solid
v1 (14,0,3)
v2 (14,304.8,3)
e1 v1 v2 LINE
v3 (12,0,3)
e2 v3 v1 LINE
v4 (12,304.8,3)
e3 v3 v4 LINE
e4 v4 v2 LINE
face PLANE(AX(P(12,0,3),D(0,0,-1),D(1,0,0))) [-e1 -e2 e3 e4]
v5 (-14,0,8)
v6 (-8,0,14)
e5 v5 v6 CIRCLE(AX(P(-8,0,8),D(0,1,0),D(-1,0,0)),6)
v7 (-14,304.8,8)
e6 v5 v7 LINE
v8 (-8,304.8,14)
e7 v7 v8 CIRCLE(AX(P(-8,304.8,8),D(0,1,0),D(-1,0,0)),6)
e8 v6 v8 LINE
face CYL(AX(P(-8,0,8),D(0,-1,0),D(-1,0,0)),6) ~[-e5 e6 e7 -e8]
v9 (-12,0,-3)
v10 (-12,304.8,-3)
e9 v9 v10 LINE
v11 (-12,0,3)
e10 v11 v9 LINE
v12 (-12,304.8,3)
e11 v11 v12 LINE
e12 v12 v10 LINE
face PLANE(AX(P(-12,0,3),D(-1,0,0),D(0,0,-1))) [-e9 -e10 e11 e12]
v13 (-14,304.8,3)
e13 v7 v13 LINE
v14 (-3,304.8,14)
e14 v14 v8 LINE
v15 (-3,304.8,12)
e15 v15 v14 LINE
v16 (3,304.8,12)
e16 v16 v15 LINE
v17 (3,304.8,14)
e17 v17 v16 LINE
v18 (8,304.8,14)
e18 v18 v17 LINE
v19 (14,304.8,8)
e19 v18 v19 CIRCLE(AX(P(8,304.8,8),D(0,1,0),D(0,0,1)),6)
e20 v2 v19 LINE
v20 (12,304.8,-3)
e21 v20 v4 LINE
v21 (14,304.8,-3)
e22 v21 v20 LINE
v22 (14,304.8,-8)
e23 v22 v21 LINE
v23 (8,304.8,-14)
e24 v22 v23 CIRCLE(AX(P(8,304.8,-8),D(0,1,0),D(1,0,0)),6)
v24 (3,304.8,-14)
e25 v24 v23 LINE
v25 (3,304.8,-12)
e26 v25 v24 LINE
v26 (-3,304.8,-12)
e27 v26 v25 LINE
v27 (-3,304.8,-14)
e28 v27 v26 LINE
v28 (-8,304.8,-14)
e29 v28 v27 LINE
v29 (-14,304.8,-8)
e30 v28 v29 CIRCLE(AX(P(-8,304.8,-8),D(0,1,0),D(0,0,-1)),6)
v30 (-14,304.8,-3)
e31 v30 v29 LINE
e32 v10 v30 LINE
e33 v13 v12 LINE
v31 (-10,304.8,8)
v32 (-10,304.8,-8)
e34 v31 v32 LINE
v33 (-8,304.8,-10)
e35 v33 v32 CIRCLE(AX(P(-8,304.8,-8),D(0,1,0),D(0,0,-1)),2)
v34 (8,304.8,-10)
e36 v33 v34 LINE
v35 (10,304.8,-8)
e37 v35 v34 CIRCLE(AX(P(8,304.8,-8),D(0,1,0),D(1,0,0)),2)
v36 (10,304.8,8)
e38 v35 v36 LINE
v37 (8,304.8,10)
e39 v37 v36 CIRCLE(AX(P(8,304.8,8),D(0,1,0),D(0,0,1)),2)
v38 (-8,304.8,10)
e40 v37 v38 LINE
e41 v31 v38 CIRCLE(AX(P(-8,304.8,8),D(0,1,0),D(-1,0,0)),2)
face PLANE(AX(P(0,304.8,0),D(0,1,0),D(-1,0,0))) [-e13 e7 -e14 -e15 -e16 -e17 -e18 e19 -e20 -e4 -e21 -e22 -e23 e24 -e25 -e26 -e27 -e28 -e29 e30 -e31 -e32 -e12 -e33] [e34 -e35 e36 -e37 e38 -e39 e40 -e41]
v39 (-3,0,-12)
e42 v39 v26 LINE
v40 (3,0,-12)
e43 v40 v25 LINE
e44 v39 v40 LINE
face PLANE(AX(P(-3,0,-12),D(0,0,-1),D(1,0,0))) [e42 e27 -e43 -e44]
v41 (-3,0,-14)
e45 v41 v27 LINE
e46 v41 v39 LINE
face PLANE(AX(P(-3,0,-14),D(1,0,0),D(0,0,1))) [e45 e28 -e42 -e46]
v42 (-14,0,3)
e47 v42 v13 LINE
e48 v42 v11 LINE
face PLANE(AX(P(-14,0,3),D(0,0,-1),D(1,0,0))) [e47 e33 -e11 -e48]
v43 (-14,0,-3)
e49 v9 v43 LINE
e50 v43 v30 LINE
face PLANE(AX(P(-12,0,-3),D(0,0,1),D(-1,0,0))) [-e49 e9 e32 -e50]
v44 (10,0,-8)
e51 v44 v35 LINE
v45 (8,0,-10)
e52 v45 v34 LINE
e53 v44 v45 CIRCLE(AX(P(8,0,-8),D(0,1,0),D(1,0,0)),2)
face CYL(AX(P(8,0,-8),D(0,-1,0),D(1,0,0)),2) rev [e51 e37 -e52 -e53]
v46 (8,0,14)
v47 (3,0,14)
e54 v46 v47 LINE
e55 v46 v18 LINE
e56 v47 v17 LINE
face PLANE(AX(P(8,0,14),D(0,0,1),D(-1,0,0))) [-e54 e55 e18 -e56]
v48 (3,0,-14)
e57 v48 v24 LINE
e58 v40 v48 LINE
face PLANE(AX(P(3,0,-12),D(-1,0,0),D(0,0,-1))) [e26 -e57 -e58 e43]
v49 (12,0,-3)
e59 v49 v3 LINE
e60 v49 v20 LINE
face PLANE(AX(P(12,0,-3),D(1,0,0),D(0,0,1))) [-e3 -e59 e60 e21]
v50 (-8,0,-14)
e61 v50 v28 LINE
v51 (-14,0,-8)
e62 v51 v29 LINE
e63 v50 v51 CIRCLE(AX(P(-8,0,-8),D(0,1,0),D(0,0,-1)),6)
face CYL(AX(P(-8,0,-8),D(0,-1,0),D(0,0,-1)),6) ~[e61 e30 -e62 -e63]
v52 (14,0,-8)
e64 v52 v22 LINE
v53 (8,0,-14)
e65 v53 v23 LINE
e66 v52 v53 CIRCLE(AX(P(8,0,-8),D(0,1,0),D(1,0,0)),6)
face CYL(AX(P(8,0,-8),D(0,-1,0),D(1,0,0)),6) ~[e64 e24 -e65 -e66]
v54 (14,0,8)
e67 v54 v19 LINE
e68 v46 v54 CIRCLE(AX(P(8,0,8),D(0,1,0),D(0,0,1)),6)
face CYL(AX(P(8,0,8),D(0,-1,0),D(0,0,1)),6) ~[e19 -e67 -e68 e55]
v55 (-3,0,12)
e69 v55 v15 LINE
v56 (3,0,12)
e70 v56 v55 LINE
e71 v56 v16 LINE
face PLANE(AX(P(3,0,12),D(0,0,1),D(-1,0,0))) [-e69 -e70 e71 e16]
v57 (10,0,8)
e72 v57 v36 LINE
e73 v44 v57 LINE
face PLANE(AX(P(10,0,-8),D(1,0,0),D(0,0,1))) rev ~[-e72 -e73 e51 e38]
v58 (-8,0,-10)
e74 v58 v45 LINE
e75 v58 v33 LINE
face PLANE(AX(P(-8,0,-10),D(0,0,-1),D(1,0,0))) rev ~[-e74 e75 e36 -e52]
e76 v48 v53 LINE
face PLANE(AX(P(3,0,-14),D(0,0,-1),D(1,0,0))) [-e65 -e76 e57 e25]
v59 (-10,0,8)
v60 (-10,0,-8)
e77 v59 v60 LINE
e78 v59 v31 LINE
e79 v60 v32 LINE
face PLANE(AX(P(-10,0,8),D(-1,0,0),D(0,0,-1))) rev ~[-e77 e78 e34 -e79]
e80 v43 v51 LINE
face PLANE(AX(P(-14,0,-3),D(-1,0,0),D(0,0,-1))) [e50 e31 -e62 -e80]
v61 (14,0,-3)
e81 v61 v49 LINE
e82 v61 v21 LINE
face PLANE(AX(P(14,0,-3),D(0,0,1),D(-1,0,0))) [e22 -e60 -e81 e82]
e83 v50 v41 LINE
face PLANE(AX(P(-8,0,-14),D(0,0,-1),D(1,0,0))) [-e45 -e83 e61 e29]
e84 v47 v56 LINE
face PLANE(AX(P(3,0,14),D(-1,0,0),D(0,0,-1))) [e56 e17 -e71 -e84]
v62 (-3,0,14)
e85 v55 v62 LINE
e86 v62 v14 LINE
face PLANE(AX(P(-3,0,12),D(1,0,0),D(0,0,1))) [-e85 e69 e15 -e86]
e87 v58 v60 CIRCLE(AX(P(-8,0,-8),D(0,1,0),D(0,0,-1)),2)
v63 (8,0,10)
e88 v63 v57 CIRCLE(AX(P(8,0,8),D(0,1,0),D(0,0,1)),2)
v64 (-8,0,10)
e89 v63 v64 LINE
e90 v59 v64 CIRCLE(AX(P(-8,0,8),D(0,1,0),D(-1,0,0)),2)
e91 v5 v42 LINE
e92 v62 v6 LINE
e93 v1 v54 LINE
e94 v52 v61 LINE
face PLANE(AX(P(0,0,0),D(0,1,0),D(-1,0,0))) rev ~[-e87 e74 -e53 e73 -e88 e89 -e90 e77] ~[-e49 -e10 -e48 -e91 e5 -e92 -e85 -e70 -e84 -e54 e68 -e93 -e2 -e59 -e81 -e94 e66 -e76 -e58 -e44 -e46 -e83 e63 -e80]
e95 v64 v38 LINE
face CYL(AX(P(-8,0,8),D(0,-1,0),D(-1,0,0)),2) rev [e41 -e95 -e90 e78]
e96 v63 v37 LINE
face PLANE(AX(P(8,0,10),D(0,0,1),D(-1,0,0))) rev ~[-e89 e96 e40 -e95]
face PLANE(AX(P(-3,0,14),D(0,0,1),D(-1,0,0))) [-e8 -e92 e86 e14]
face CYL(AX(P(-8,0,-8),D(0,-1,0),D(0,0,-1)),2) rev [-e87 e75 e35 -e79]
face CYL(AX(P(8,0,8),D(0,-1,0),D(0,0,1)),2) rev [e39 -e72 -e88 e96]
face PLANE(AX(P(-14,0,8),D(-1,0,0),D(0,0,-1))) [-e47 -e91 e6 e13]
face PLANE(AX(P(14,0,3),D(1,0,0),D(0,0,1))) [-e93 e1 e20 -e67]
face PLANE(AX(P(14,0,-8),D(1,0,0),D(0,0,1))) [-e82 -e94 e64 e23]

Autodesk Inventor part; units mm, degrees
ref_plane "YZ Plane" through (0, 0, 0) normal (1, 0, 0) x (0, 1, 0)
ref_plane "Start Plane" through (0, 0, 0) normal (0, 1, 0) x (-1, 0, 0)
ref_plane "End Plane" through (0, 304.8, 0) normal (0, 1, 0) x (-1, 0, 0)
sketch "Sketch" plane through (0, 0, 0) normal (0, 1, 0) x (-1, 0, 0)
  line L0 (8, -10) -> (-8, -10)
  line L1 (-10, -8) -> (-10, 8)
  line L2 (-8, 10) -> (8, 10)
  line L3 (10, 8) -> (10, -8)
  line L4 (10, -10) -> (-10, 10) construction
  line L5 (-10, -10) -> (10, 10) construction
  line L6 (14, -14) -> (-14, 14) construction
  line L7 (-14, -14) -> (14, 14) construction
  arc A0 (8, -10) -> (10, -8) centre (8, -8) ccw
  arc A1 (-10, -8) -> (-8, -10) centre (-8, -8) ccw
  arc A2 (-8, 10) -> (-10, 8) centre (-8, 8) ccw
  arc A3 (10, 8) -> (8, 10) centre (8, 8) ccw
  arc A4 (8, -14) -> (14, -8) centre (8, -8) ccw
  arc A5 (-14, -8) -> (-8, -14) centre (-8, -8) ccw
  arc A6 (-8, 14) -> (-14, 8) centre (-8, 8) ccw
  arc A7 (14, 8) -> (8, 14) centre (8, 8) ccw
  line L8 (3, -14) -> (3, -12)
  line L9 (3, -12) -> (-3, -12)
  line L10 (-3, -12) -> (-3, -14)
  line L11 (-14, -3) -> (-12, -3)
  line L12 (-12, -3) -> (-12, 3)
  line L13 (-12, 3) -> (-14, 3)
  line L14 (-3, 14) -> (-3, 12)
  line L15 (-3, 12) -> (3, 12)
  line L16 (3, 12) -> (3, 14)
  line L17 (14, 3) -> (12, 3)
  line L18 (12, 3) -> (12, -3)
  line L19 (12, -3) -> (14, -3)
  line L20 (0, -10) -> (0, -12) construction
  line L21 (-10, 0) -> (-12, 0) construction
  line L22 (0, 10) -> (0, 12) construction
  line L23 (10, 0) -> (12, 0) construction
  line L24 (14, 8) -> (14, 3)
  line L25 (14, -3) -> (14, -8)
  line L26 (8, -14) -> (3, -14)
  line L27 (-3, -14) -> (-8, -14)
  line L28 (-14, -8) -> (-14, -3)
  line L29 (-14, 3) -> (-14, 8)
  line L30 (-8, 14) -> (-3, 14)
  line L31 (3, 14) -> (8, 14)
  point P0 (0, 0)
  dimension "d1" = 20
  dimension "d2" = 2
  dimension "d3" = 6
  dimension "d4" = 20
  dimension "d5" = 6
  dimension "d6" = 2
  dimension "d8" = 28
extrude "Body" add sketch "Sketch" along normal up to surface (304.8 mm away) from surface at 0
sketch "Sketch2" plane through (0, 0, 0) normal (0, 1, 0) x (-1, 0, 0)
  line L0 (0, 0) -> (10, 0)
ref_plane "Work Plane3" through (0, 0, 0) normal (0, 0, -1) x (-1, 0, 0)
sketch "Sketch3" plane through (0, 0, 0) normal (0, 0, -1) x (-1, 0, 0)
  line L0 (-2, 0) -> (12, 0) construction
  line L1 (-2, 304.8) -> (12, 304.8) construction
  dimension "d16" = 304.8
equation "\"G_OFFSET_START\" = 0"
equation "\"G_OFFSET_END\" = 0"
equation "\"d12\" = Length + G_OFFSET_END"
equation "\"G_L\" = d16"
equation "\"Length\" = 304.8"
properties part number "CE-5.2.2-PR" material "Steel, Mild"
